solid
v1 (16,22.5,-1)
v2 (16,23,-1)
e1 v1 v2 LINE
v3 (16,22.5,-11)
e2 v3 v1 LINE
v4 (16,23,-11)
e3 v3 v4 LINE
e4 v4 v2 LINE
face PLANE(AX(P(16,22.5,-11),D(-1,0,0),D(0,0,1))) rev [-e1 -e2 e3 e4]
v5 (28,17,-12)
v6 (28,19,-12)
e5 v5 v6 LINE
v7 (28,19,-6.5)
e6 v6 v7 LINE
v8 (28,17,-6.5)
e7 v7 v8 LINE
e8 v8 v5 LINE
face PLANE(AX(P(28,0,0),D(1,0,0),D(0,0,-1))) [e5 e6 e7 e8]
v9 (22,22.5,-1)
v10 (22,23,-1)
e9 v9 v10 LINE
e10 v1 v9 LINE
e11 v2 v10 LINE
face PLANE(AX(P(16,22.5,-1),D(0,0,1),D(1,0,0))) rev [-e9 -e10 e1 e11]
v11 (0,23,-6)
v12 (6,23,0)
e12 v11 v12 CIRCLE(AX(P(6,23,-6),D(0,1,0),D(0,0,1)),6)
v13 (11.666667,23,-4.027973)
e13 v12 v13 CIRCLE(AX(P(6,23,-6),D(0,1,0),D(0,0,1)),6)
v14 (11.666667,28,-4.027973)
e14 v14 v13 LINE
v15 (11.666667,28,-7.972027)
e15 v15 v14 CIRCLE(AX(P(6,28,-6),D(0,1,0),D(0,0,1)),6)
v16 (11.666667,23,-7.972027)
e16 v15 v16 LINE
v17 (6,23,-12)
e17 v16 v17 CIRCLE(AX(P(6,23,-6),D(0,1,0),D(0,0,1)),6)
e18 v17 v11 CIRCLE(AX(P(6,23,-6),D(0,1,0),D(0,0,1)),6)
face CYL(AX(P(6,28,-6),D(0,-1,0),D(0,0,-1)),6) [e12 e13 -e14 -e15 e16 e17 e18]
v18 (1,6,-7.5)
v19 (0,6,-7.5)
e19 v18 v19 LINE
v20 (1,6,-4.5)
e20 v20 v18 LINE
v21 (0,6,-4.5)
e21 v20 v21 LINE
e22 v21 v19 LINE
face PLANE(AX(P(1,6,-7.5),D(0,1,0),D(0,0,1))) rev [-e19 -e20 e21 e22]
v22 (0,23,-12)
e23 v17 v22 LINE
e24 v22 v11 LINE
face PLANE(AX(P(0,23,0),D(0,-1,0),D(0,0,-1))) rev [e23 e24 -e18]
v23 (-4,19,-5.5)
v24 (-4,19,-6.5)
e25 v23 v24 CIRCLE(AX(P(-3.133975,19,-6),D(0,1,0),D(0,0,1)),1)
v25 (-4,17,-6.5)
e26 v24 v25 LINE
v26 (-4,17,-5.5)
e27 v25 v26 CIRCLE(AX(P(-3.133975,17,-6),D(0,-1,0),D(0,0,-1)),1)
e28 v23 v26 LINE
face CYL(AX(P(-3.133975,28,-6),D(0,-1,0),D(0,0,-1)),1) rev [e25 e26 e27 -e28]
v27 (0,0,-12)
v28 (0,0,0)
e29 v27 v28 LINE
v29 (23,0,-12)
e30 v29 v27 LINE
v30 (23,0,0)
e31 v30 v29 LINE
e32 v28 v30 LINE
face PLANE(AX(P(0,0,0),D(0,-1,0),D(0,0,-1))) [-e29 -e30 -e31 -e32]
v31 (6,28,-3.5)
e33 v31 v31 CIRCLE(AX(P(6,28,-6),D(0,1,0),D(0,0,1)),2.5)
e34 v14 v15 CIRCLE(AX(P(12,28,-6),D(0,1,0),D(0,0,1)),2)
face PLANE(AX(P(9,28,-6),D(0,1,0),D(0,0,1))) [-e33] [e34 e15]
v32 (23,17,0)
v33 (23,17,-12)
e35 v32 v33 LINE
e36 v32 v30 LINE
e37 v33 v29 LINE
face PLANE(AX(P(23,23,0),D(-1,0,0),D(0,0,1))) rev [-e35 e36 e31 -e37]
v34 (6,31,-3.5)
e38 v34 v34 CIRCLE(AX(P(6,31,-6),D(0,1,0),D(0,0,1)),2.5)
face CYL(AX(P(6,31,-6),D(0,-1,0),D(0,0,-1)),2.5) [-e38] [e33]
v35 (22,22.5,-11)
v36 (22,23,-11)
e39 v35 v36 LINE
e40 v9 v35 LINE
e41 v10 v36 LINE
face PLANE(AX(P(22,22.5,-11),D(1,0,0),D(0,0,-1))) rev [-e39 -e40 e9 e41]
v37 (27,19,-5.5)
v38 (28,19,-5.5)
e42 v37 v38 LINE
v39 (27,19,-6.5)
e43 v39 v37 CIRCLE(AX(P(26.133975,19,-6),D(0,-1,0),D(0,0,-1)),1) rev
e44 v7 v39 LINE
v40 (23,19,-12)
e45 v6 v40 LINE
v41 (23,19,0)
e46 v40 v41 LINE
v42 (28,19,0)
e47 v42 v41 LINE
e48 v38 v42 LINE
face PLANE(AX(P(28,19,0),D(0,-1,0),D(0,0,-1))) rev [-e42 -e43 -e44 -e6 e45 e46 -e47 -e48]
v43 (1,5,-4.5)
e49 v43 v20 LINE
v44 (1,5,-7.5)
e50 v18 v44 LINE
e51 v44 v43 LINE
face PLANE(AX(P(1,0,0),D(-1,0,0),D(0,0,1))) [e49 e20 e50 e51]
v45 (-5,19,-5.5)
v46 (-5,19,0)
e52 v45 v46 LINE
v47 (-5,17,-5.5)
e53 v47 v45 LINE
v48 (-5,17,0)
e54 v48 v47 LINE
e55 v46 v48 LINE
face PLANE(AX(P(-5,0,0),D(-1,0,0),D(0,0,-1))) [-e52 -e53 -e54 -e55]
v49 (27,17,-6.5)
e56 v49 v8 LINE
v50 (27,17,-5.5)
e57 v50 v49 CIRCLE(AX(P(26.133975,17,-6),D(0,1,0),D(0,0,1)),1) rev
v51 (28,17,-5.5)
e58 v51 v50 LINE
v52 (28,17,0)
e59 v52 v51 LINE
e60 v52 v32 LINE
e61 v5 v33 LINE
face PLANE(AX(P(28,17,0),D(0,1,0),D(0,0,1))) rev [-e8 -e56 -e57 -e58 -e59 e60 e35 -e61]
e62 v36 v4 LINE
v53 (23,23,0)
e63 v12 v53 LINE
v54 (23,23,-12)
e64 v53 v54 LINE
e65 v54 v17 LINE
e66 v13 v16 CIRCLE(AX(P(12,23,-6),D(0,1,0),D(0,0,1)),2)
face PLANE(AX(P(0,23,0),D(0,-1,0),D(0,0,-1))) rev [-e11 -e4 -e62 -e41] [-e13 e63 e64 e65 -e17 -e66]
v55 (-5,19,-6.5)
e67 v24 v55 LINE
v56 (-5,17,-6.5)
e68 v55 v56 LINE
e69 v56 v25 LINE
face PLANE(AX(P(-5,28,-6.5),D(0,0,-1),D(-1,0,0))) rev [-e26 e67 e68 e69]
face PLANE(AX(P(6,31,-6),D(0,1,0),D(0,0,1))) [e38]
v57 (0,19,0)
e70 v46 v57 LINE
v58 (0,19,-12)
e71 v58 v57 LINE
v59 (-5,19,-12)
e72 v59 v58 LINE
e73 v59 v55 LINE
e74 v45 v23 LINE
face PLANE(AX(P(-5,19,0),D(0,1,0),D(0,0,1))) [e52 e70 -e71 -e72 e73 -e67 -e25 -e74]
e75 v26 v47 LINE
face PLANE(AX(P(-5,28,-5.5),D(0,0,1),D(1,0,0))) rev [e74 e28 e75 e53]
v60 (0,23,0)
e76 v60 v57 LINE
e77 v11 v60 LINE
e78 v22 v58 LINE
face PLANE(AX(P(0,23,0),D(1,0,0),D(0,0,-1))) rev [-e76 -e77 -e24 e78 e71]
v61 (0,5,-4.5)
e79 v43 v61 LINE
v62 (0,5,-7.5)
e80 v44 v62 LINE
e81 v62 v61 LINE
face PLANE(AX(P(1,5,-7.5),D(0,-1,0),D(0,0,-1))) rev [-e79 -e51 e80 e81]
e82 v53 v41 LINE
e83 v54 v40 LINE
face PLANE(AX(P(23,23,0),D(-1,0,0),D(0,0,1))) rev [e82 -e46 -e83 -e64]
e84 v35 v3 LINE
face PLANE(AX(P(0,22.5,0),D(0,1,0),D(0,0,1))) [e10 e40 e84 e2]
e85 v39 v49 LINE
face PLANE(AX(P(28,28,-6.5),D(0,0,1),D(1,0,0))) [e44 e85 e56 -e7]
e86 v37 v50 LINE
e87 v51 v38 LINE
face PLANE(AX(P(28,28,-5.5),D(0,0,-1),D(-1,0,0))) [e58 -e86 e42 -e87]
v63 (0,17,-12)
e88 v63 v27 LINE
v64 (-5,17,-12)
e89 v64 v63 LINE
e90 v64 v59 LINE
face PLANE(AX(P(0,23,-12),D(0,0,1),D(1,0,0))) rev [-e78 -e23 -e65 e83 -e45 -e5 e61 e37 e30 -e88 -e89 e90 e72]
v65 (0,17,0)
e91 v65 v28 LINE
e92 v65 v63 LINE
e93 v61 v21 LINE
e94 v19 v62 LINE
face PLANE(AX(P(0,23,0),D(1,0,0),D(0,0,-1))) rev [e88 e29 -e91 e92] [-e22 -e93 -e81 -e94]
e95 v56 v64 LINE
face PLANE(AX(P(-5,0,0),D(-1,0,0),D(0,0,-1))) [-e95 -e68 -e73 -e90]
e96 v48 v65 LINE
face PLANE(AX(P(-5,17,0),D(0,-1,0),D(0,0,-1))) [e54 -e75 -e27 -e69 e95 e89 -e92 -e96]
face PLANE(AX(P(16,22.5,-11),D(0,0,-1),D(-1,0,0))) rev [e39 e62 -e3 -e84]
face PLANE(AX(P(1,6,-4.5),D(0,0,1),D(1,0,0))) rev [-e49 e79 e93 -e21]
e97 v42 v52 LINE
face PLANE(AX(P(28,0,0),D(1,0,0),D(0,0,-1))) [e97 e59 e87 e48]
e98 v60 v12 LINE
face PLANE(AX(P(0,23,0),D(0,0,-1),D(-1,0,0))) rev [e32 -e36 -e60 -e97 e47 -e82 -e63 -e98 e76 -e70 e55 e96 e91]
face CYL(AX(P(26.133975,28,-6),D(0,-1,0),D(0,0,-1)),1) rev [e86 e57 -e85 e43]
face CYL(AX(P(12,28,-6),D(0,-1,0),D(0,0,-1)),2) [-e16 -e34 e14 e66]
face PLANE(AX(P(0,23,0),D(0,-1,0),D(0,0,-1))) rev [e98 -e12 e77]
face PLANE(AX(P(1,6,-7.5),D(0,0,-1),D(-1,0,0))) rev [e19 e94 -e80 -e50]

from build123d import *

# Parameters (mm, degrees)
SKETCH1_W           = 23
SKETCH1_H           = 12
BOSS_EXTRUDE1_DEPTH = 23
BOSS_EXTRUDE2_DEPTH = 5
SKETCH3_W           = 12
SKETCH3_H           = 2
BOSS_EXTRUDE3_DEPTH = 5
CUT_EXTRUDE1_START  = -5
CUT_EXTRUDE1_DEPTH  = 41.902646142
SKETCH5_R           = 2.5
BOSS_EXTRUDE4_DEPTH = 3
SKETCH6_W           = 6
SKETCH6_H           = 10
CUT_EXTRUDE2_DEPTH  = 0.5
SKETCH7_W           = 3
SKETCH7_H           = 1
CUT_EXTRUDE3_DEPTH  = 1


with BuildPart() as part:
    # Sketch1 → Boss-Extrude1 (new body)
    with BuildSketch(Plane(origin=(0, 0, 0), x_dir=(1, 0, 0), z_dir=(0, 1, 0))):
        with Locations((11.5, 6)):
            Rectangle(SKETCH1_W, SKETCH1_H)
    extrude(amount=BOSS_EXTRUDE1_DEPTH)

    # Sketch2 → Boss-Extrude2 (add)
    with BuildSketch(Plane(origin=(0, 23, 0), x_dir=(1, 0, 0), z_dir=(0, 1, 0))):
        with BuildLine():
            ThreePointArc((11.666666667, 7.972026594), (0, 6), (11.666666667, 4.027973406))
            ThreePointArc((11.666666667, 4.027973406), (14, 6), (11.666666667, 7.972026594))
        make_face()
    extrude(amount=BOSS_EXTRUDE2_DEPTH)

    # Sketch3 → Boss-Extrude3 (add)
    with BuildSketch(Plane(origin=(23, 0, 0), x_dir=(0, 0, -1), z_dir=(1, 0, 0))):
        with Locations((6, 18)):
            Rectangle(SKETCH3_W, SKETCH3_H)
    boss_extrude3 = extrude(amount=BOSS_EXTRUDE3_DEPTH)

    # Sketch4 → Cut-Extrude1 (cut)
    with BuildSketch(Plane(origin=(0, 19, 0), x_dir=(1, 0, 0), z_dir=(0, 1, 0)).offset(CUT_EXTRUDE1_START)):
        with BuildLine():
            Line((28, 6.5), (27, 6.5))
            ThreePointArc((27, 6.5), (25.133974596, 6), (27, 5.5))
            Line((27, 5.5), (28, 5.5))
            Line((28, 5.5), (28, 6.5))
        make_face()
    cut_extrude1 = extrude(amount=CUT_EXTRUDE1_DEPTH, mode=Mode.SUBTRACT)

    # Mirror3: Boss-Extrude3, Cut-Extrude1 across plane
    add(boss_extrude3.mirror(Plane.ZY.offset(-11.5)))
    add(cut_extrude1.mirror(Plane.ZY.offset(-11.5)), mode=Mode.SUBTRACT)

    # Sketch5 → Boss-Extrude4 (add)
    with BuildSketch(Plane(origin=(0, 28, 0), x_dir=(1, 0, 0), z_dir=(0, 1, 0))):
        with Locations(Location((6, 6, 0), (0, 0, 270))):
            Circle(SKETCH5_R)
    extrude(amount=BOSS_EXTRUDE4_DEPTH)

    # Sketch6 → Cut-Extrude2 (cut)
    with BuildSketch(Plane(origin=(0, 23, 0), x_dir=(1, 0, 0), z_dir=(0, 1, 0))):
        with Locations((19, 6)):
            Rectangle(SKETCH6_W, SKETCH6_H)
    extrude(amount=-CUT_EXTRUDE2_DEPTH, mode=Mode.SUBTRACT)

    # Sketch7 → Cut-Extrude3 (cut)
    with BuildSketch(Plane.ZY):
        with Locations((-6, 5.5)):
            Rectangle(SKETCH7_W, SKETCH7_H)
    extrude(amount=-CUT_EXTRUDE3_DEPTH, mode=Mode.SUBTRACT)


solid = part.part
